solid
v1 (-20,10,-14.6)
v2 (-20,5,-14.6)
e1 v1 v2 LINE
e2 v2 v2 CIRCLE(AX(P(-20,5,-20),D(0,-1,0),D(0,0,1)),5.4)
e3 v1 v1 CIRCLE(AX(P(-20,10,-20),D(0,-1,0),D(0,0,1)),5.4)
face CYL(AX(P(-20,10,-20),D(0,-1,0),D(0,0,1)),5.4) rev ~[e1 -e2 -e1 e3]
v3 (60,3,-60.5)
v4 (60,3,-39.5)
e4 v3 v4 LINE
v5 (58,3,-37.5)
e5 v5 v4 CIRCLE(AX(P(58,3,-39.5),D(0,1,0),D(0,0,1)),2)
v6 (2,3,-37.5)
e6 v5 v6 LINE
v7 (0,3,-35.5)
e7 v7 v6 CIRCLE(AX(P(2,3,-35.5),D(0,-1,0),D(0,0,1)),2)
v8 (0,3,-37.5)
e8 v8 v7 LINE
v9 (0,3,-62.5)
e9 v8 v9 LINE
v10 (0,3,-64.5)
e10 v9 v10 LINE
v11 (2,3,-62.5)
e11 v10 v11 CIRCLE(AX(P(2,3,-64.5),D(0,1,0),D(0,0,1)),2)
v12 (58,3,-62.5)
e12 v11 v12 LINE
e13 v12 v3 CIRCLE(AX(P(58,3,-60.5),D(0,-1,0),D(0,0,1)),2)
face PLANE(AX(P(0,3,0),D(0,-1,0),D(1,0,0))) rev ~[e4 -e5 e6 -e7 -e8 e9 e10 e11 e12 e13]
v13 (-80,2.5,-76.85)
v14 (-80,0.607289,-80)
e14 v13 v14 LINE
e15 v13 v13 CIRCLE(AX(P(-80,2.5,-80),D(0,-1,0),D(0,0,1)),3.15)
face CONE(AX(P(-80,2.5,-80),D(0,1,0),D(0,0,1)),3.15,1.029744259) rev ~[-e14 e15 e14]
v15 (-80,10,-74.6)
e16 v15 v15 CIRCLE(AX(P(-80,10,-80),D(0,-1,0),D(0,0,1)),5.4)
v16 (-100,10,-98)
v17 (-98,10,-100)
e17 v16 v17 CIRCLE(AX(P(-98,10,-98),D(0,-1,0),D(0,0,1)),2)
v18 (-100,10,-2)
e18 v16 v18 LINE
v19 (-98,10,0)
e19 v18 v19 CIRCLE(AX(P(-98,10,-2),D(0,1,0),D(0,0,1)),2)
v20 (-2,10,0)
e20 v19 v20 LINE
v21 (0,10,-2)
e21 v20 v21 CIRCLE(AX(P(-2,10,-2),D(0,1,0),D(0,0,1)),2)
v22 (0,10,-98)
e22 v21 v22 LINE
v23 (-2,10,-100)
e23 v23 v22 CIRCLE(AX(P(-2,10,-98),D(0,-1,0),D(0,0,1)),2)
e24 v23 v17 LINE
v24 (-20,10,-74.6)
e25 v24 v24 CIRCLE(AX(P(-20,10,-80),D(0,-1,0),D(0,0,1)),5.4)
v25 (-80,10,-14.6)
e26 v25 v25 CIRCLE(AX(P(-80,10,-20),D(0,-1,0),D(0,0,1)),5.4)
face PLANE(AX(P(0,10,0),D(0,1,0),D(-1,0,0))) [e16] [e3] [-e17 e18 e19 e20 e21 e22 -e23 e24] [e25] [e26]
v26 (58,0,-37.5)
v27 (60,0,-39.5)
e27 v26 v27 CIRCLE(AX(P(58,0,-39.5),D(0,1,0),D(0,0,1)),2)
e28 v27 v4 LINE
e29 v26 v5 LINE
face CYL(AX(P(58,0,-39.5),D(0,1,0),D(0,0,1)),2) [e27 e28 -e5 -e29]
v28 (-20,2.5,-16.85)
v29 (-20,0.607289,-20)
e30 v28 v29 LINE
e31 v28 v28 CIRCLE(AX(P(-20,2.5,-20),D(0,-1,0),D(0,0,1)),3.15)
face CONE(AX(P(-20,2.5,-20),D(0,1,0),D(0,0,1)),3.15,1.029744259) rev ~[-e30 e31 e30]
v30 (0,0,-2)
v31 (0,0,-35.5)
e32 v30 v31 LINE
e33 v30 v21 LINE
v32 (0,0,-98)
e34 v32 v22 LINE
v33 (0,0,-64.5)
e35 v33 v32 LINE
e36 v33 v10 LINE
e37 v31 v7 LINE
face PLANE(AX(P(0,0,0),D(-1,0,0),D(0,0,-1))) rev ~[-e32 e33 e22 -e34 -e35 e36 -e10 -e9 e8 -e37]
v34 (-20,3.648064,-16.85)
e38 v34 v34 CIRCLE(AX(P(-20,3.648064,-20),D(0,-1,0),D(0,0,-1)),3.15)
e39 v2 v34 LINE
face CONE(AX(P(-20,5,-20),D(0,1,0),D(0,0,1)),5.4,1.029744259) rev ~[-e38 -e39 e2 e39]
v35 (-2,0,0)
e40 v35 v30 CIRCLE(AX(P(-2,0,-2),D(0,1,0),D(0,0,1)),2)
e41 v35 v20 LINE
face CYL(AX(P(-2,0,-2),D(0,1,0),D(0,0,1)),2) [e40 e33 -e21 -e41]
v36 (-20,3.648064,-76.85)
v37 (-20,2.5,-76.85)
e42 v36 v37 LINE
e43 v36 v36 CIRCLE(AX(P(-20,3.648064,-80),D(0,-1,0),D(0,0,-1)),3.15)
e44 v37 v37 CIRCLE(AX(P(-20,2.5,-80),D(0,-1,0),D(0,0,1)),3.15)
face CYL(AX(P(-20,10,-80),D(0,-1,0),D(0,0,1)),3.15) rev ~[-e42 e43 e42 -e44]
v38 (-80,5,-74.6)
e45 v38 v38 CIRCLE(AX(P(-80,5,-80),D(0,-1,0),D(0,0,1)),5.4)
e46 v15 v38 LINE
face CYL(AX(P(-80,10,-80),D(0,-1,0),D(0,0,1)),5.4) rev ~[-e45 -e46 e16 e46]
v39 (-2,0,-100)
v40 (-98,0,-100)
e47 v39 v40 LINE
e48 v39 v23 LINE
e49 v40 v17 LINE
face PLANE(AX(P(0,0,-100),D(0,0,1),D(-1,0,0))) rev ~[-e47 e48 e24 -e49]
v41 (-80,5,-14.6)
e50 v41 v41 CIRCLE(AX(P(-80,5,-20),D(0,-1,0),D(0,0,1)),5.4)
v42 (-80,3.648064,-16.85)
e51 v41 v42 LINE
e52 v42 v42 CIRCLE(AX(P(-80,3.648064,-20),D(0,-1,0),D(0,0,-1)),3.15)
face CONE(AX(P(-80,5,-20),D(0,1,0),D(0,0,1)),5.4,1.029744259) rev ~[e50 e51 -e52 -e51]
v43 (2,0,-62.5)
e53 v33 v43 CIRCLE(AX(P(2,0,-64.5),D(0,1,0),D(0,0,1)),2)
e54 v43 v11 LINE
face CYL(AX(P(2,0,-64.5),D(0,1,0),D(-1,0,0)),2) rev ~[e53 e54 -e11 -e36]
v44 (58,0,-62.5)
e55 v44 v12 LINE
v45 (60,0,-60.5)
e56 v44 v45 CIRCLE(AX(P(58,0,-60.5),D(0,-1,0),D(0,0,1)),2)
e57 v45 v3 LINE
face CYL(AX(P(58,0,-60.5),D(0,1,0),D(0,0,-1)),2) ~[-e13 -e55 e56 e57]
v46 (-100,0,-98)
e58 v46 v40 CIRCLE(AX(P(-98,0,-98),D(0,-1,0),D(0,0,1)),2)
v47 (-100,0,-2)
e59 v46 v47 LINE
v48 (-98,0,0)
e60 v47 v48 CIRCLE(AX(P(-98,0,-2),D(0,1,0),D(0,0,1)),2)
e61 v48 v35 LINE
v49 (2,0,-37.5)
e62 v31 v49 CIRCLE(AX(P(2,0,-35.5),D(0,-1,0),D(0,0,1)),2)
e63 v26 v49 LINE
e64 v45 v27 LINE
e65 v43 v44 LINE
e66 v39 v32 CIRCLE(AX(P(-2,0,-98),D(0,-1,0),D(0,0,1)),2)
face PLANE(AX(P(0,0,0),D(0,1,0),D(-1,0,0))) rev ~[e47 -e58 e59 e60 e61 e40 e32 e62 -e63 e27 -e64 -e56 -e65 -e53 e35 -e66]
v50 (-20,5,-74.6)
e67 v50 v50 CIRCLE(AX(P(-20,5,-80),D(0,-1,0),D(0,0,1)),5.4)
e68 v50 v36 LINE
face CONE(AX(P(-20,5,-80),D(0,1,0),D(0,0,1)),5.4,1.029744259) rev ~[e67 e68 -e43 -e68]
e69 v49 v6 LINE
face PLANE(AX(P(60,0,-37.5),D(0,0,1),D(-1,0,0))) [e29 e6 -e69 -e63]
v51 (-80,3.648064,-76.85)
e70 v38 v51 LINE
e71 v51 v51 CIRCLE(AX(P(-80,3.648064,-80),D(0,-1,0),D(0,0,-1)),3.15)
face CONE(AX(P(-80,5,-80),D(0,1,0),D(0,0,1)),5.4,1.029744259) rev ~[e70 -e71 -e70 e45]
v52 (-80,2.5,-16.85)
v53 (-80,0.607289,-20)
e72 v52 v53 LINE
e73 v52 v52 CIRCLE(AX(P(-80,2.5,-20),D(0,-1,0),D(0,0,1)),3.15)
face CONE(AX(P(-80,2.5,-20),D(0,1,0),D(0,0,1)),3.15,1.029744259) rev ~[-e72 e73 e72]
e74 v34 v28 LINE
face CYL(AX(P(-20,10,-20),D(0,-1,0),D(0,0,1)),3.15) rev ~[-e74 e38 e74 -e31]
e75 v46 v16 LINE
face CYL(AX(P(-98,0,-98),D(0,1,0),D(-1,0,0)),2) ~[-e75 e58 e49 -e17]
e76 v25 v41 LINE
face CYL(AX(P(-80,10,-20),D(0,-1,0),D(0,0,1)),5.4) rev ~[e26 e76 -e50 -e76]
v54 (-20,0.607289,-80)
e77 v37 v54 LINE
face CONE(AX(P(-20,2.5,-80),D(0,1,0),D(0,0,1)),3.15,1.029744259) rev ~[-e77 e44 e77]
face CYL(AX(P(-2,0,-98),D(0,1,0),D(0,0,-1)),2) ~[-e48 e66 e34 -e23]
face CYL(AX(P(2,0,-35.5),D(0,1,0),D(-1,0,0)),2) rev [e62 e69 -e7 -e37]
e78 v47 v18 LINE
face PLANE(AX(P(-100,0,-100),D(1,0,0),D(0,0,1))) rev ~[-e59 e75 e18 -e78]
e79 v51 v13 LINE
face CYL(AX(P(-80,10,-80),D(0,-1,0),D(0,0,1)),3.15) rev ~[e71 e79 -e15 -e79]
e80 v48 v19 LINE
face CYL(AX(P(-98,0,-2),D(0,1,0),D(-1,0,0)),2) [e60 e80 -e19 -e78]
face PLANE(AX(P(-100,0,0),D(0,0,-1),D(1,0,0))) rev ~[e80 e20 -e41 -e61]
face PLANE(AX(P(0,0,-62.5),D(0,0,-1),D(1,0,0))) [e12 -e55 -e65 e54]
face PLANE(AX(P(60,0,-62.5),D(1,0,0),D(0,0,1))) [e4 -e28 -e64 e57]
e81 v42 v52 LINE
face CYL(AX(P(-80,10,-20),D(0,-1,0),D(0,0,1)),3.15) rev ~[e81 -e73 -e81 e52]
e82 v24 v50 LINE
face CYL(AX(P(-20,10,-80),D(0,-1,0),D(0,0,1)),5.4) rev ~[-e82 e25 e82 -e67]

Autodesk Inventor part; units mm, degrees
ref_plane "YZ Plane" through (0, 0, 0) normal (1, 0, 0) x (0, 1, 0)
ref_plane "XZ Plane" through (0, 0, 0) normal (0, 1, 0) x (-1, 0, 0)
ref_plane "XY Plane" through (0, 0, 0) normal (0, 0, 1) x (1, 0, 0)
sketch "Sketch1" plane through (0, 0, 0) normal (0, 1, 0) x (-1, 0, 0)
  line L0 (100, 0) -> (0, 0)
  line L1 (0, 0) -> (0, -100)
  line L2 (0, -100) -> (100, -100)
  line L3 (100, -100) -> (100, 0)
  dimension "d0" = 100
extrude "Extrusion1" add sketch "Sketch1" along normal blind 10
sketch "Sketch2" plane through (0, 10, 0) normal (0, 1, 0) x (1, 0, 0)
  line L0 (-20, 20) -> (-80, 20) construction
  line L1 (-80, 20) -> (-80, 80) construction
  line L2 (-80, 80) -> (-20, 80) construction
  line L3 (-20, 80) -> (-20, 20) construction
  line L4 (-100, 0) -> (0, 0) construction
  line L5 (0, 0) -> (0, 100) construction
  dimension "d3" = 60
  dimension "d4" = 20
  dimension "d5" = 20
hole "Hole1" at (-20, 10, -20) at (-80, 10, -20) at (-20, 10, -80) at (-80, 10, -80) direction (0, -1, 0) diameter 6.3 depth 7.5 tip angle 118
sketch "Sketch3" plane through (0, 10, 0) normal (0, 1, 0) x (1, 0, 0)
  circle A0 centre (-80, 20) radius 3.15 projected
  circle A1 centre (-20, 20) radius 3.15 projected
  circle A2 centre (-80, 80) radius 3.15 projected
  circle A3 centre (-20, 80) radius 3.15 projected
  point P0 (0, 0)
hole "Hole2" at (-80, 10, -20) at (-20, 10, -20) at (-80, 10, -80) at (-20, 10, -80) direction (0, -1, 0) diameter 10.8 depth 5 tip angle 118
fillet "Fillet1" radius 2 4 edges at (-100, 5, 0) (0, 5, 0) (0, 5, -100) (-100, 5, -100)
sketch "Sketch4" plane through (0, 0, 0) normal (0, -1, 0) x (1, 0, 0)
  line L0 (60, -37.5) -> (0, -37.5)
  line L1 (0, -37.5) -> (0, -62.5)
  line L2 (0, -62.5) -> (60, -62.5)
  line L3 (60, -62.5) -> (60, -37.5)
  line L4 (0, -2) -> (0, -98) projected
  line L5 (60, -50) -> (0, -50) construction
  line L6 (-98, 0) -> (-2, 0) construction
  point P0 (0, 0)
  dimension "d21" = 25
  dimension "d22" = 60
  dimension "d23" = 50
extrude "Extrusion2" add sketch "Sketch4" against normal blind 3
fillet "Fillet2" radius 2 4 edges at (0, 1.5, -37.5) (60, 1.5, -37.5) (60, 1.5, -62.5) (0, 1.5, -62.5)
equation "\"d0\" = base_width"
equation "\"d1\" = base_thickness"
equation "\"d3\" = rod_dist"
equation "\"d4\" = 0.5 * base_width - 0.5 * rod_dist"
equation "\"d5\" = 0.5 * base_width - 0.5 * rod_dist"
equation "\"d6\" = rod_tolerance + rod_diameter"
equation "\"d11\" = 0.75 * base_thickness"
equation "\"d13\" = rod_tolerance + post_diameter"
equation "\"d18\" = 0.5 * base_thickness"
equation "\"d21\" = flange_width"
equation "\"d22\" = flange_length"
equation "\"d23\" = 0.5 * base_width"
equation "\"base_width\" = 100"
equation "\"base_thickness\" = 10"
equation "\"rod_diameter\" = 6"
equation "\"rod_tolerance\" = 0.3"
equation "\"flange_length\" = 60"
equation "\"flange_width\" = 25"
equation "\"post_diameter\" = 10.5"
equation "\"rod_dist\" = 60"
properties part number "cradle_base"
